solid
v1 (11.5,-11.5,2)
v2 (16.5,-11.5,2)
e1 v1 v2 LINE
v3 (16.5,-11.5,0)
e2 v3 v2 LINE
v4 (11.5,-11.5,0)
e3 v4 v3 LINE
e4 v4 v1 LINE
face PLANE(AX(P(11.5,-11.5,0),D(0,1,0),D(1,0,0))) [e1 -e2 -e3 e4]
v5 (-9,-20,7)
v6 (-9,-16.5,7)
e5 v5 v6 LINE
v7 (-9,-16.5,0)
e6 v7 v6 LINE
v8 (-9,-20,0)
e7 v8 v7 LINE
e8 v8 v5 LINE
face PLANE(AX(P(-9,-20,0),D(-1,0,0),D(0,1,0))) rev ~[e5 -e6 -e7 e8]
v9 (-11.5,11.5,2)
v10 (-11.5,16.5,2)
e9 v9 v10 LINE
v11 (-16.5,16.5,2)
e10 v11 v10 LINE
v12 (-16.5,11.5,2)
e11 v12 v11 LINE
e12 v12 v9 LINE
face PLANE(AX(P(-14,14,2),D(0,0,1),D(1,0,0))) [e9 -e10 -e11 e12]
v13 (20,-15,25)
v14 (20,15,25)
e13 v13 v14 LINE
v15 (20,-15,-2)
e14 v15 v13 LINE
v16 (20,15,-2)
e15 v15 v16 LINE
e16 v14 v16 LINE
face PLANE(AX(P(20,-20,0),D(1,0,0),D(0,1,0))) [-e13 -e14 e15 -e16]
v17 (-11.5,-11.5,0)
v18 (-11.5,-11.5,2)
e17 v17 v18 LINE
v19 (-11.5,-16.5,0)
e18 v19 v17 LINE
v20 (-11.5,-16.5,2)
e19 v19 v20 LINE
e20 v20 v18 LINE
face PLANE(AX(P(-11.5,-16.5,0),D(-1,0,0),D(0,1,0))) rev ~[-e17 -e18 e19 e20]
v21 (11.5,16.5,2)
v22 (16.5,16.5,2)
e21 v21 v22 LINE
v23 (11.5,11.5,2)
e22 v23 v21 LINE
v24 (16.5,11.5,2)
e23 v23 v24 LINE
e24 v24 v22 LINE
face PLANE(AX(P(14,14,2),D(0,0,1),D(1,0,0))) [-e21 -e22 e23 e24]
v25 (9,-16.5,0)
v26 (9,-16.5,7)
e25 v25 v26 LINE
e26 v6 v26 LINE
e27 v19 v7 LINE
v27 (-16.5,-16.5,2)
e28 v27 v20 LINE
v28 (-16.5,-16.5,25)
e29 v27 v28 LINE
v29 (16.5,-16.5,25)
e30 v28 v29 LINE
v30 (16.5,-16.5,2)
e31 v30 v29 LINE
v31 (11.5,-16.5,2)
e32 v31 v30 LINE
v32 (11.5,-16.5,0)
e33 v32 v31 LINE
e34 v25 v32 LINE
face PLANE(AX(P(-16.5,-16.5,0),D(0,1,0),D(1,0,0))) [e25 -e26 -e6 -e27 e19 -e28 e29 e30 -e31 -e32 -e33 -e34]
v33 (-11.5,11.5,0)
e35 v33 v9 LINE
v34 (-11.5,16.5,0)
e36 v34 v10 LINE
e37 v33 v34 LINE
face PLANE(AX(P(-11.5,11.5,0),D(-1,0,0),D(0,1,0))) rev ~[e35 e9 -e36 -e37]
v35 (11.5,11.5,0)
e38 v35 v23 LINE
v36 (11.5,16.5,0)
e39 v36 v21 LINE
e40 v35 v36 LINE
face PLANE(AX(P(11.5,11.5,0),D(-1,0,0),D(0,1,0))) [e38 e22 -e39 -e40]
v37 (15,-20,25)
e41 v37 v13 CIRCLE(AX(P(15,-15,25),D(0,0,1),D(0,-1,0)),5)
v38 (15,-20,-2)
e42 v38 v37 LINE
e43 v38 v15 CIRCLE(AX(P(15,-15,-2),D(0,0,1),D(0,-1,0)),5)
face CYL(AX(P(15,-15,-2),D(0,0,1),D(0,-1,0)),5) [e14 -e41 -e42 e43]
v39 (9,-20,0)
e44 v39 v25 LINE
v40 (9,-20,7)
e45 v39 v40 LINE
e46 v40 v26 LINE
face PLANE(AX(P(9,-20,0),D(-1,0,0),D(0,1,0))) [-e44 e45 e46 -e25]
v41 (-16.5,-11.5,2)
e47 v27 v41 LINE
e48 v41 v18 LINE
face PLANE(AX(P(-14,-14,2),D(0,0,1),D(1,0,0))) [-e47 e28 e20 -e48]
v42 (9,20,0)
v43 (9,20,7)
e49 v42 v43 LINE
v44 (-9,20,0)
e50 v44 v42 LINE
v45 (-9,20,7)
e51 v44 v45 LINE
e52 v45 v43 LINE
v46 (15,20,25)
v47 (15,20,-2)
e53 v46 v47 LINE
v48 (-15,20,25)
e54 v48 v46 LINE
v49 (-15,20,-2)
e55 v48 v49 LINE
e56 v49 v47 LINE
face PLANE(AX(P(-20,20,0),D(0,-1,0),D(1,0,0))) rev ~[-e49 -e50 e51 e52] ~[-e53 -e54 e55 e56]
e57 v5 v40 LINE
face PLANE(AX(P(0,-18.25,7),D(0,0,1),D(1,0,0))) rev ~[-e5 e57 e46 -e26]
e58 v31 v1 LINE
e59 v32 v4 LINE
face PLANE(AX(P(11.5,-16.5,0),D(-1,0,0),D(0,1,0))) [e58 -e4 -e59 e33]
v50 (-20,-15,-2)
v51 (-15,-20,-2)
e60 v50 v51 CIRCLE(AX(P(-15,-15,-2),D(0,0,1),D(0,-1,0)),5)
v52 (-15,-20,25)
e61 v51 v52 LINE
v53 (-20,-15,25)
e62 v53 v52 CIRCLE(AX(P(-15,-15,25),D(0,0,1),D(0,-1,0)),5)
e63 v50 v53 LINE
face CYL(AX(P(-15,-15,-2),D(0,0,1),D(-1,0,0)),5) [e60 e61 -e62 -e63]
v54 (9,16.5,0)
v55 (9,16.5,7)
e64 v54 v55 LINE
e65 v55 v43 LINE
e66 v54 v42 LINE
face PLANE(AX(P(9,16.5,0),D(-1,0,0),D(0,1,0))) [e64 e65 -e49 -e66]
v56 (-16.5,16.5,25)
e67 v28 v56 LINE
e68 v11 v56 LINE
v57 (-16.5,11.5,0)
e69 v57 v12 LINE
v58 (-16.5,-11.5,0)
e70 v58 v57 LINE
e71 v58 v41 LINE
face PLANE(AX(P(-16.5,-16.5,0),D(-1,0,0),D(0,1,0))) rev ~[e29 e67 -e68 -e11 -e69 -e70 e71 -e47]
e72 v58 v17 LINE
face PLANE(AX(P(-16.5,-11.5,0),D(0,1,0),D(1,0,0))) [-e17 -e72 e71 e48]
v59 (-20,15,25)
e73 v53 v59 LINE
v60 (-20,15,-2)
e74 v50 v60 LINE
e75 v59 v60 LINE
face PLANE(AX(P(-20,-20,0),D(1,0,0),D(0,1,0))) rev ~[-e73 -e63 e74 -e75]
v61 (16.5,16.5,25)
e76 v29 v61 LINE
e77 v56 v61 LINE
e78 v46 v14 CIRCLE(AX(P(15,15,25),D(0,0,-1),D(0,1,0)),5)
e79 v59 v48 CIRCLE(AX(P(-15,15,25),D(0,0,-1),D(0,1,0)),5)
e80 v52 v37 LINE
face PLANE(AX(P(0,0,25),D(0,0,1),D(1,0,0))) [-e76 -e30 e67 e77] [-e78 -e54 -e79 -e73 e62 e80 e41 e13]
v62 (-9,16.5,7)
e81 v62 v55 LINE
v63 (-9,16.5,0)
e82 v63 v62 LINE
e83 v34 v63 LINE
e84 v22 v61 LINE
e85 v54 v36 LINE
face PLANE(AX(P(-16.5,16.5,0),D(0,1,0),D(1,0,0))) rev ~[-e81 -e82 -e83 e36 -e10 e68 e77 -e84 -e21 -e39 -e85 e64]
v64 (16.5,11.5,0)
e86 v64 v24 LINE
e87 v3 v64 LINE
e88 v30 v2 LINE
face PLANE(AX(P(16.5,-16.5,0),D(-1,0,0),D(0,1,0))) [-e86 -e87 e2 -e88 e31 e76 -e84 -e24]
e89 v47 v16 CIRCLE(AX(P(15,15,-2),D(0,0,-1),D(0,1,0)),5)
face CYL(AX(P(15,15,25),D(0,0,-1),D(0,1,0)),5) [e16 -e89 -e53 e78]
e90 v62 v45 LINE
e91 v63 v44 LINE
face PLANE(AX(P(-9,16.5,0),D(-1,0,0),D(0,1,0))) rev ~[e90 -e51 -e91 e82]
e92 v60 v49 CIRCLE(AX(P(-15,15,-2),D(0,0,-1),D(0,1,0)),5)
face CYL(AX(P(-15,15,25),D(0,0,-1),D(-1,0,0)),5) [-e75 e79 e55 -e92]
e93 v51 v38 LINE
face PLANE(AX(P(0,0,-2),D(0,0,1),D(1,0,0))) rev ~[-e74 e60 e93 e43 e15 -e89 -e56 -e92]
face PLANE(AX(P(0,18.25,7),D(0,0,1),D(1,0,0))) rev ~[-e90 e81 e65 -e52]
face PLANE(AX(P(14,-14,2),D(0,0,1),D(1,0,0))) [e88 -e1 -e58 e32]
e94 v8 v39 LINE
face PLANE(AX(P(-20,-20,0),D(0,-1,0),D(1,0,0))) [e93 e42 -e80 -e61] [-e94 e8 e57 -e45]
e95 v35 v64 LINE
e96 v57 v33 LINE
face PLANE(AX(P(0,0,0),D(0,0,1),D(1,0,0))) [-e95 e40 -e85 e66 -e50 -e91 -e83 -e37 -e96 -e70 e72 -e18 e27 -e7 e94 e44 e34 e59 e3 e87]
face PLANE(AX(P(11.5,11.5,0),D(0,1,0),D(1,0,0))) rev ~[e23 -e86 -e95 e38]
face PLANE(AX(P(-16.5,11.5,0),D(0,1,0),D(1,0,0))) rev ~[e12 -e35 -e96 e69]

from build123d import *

# Parameters (mm, degrees)
F0_W     = 40
F0_H     = 40
F0_W_2   = 33
F0_H_2   = 33
F1_DEPTH = 25
F2_W     = 40
F2_H     = 40
F3_DEPTH = 2
F4_W     = 5
F4_H     = 5
F5_DEPTH = 2
F6_W     = 18
F6_H     = 3.5
F7_DEPTH = 7
F8_R     = 5


with BuildPart() as f1:
    # F0 (on Top) → F1 (new body)
    with BuildSketch(Plane.XY):
        Rectangle(F0_W, F0_H)
        Rectangle(F0_W_2, F0_H_2, mode=Mode.SUBTRACT)
    extrude(amount=F1_DEPTH)

    # F2 (on Top) → F3 (join)
    with BuildSketch(Plane.XY):
        Rectangle(F2_W, F2_H)
    extrude(amount=-F3_DEPTH)

    # F4 (on face) → F5 (join)
    with BuildSketch(Plane.XY):
        with Locations((-14, 14)):
            Rectangle(F4_W, F4_H)
        with Locations((14, 14)):
            Rectangle(F4_W, F4_H)
        with Locations((-14, -14)):
            Rectangle(F4_W, F4_H)
        with Locations((14, -14)):
            Rectangle(F4_W, F4_H)
    extrude(amount=F5_DEPTH)

    # F6 (on face) → F7 (cut)
    with BuildSketch(Plane.XY):
        with Locations((0, -18.25)):
            Rectangle(F6_W, F6_H)
        with Locations((0, 18.25)):
            Rectangle(F6_W, F6_H)
    extrude(amount=F7_DEPTH, mode=Mode.SUBTRACT)

    # F8
    f8_edges = [f1.edges().sort_by_distance(p)[0] for p in [
        (20, -20, 11.5),
        (-20, -20, 11.5),
        (20, 20, 11.5),
        (-20, 20, 11.5),
    ]]
    fillet(f8_edges, radius=F8_R)


solid = f1.part
